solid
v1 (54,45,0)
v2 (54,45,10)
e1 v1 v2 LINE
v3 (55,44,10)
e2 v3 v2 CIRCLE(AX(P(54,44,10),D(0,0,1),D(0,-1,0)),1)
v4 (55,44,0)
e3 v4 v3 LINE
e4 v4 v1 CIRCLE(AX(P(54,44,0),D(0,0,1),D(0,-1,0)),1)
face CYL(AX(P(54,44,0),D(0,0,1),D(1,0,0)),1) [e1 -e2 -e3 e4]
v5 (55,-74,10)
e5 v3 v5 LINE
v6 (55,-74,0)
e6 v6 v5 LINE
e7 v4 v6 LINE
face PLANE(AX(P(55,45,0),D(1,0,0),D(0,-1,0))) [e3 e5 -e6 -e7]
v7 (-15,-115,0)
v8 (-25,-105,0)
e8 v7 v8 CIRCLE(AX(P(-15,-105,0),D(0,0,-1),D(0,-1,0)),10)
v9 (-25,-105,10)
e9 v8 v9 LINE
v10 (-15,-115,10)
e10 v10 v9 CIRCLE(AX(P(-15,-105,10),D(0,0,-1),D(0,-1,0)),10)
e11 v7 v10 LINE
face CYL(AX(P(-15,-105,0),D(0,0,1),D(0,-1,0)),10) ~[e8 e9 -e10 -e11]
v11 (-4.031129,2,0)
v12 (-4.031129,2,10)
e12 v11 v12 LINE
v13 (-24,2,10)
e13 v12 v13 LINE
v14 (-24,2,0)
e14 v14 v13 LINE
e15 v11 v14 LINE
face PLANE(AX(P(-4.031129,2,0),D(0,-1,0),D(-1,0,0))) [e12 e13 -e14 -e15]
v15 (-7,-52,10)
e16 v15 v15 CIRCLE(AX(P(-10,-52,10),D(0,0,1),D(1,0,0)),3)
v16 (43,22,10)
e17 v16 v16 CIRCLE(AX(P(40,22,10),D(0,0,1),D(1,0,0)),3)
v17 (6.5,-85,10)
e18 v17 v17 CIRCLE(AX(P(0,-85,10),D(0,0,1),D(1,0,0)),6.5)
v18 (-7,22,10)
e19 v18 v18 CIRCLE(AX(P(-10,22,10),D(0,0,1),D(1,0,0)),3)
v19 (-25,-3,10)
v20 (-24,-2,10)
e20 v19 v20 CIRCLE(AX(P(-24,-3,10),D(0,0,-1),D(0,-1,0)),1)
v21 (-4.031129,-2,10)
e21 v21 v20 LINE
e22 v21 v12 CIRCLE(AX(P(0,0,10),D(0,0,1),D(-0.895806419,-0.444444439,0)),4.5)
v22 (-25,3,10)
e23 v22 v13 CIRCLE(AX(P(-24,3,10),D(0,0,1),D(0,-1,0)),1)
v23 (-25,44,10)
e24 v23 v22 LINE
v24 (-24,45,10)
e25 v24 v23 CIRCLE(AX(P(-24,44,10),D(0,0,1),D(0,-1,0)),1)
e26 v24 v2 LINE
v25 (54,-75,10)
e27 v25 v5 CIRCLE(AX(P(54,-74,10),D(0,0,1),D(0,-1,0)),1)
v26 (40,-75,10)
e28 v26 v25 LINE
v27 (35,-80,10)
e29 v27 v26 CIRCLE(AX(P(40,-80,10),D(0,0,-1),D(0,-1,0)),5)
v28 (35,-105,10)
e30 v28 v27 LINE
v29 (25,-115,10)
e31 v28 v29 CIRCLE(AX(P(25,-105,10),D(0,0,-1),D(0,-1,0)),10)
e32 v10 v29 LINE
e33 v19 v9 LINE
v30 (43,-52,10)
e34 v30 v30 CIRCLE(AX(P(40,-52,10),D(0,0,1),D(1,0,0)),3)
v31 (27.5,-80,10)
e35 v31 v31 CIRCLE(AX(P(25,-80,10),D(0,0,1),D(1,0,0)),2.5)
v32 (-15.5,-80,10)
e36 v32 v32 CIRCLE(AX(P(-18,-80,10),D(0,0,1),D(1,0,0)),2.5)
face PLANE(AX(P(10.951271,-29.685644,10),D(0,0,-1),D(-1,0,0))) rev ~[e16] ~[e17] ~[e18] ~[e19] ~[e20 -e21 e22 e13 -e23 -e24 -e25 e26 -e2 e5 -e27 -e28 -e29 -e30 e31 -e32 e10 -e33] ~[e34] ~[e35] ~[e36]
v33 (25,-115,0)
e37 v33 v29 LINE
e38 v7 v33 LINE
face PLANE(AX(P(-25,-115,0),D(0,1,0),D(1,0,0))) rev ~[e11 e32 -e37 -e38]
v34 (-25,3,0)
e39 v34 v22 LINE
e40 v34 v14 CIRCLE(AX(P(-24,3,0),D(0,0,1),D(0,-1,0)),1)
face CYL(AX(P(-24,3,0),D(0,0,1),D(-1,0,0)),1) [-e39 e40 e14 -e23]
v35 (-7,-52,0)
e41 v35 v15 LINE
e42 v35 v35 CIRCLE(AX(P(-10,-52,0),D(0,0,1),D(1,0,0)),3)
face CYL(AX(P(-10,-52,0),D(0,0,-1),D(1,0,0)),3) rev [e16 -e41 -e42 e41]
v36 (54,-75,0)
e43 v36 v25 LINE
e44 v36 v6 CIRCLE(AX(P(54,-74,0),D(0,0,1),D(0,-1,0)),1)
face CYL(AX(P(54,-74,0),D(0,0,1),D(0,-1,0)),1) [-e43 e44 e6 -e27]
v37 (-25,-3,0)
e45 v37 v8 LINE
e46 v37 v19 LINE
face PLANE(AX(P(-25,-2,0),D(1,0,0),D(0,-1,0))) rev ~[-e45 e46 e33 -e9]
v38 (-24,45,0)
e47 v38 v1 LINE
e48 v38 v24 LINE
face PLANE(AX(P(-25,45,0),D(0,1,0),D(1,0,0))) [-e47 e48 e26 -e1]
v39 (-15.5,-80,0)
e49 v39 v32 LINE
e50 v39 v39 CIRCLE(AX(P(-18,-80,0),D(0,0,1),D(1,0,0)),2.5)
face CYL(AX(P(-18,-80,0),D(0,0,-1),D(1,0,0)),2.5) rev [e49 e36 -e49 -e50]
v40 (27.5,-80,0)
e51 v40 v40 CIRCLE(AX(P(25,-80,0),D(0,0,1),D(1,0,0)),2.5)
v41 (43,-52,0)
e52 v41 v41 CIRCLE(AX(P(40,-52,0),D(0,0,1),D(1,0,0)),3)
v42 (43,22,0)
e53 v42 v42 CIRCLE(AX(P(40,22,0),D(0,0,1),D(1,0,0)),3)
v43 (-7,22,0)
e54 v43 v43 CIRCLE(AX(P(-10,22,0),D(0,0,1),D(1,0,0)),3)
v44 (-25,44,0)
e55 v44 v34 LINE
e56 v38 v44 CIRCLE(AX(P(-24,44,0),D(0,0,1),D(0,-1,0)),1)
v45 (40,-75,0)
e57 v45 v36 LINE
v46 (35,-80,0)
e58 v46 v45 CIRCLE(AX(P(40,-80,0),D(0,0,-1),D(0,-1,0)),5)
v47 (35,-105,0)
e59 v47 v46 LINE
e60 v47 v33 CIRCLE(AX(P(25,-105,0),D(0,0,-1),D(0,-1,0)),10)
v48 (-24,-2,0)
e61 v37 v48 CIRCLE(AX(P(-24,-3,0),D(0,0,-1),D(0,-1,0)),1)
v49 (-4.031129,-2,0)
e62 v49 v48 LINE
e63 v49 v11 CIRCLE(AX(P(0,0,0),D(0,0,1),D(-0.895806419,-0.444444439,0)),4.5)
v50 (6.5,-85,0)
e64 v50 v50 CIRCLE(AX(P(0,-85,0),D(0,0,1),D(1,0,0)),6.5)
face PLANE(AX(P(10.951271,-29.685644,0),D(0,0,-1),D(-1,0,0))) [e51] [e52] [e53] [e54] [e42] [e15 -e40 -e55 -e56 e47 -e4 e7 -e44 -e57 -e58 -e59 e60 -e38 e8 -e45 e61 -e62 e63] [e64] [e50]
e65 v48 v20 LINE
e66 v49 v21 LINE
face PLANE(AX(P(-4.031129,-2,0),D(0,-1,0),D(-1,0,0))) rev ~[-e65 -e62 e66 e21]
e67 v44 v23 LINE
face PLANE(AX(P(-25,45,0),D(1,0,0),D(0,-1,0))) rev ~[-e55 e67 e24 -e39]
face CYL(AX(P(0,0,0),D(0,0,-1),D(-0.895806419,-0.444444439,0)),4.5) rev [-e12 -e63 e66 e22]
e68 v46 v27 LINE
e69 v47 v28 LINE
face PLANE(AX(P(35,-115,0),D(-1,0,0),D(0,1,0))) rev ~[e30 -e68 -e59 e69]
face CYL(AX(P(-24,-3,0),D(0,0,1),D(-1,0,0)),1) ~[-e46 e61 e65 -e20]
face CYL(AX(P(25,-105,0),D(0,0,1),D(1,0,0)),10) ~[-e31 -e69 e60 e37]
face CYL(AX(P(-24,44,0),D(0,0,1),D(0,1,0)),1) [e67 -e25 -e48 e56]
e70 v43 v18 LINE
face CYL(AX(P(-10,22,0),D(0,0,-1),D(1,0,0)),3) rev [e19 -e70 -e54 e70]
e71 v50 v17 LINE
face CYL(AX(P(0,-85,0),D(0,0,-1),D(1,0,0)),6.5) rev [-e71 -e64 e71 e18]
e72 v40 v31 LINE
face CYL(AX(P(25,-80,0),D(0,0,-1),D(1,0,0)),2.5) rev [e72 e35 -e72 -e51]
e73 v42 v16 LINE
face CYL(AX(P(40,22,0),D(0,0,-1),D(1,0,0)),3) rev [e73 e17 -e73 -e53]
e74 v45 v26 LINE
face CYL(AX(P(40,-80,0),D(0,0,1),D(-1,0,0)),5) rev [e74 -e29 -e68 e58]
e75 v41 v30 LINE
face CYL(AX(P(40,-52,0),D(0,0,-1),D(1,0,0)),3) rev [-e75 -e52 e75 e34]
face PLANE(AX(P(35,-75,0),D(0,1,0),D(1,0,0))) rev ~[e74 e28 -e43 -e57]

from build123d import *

# Parameters (mm, degrees)
SKETCH_R    = 3
SKETCH_R_2  = 2.5
SKETCH_R_3  = 6.5
PAD_DEPTH   = 10
FILLET_R    = 5
FILLET001_R = 1
FILLET002_R = 10


with BuildPart() as part:
    # Sketch → Pad (new body)
    with BuildSketch(Plane.XY):
        with BuildLine():
            ThreePointArc((-4.031129, -2), (4.5, 0), (-4.031129, 2))
            Line((-4.031129, 2), (-25, 2))
            Line((-25, 45), (-25, 2))
            Line((-25, 45), (55, 45))
            Line((55, 45), (55, -75))
            Line((35, -75), (55, -75))
            Line((35, -115), (35, -75))
            Line((-25, -115), (35, -115))
            Line((-25, -2), (-25, -115))
            Line((-4.031129, -2), (-25, -2))
        make_face()
        with Locations((-10, -52)):
            Circle(SKETCH_R, mode=Mode.SUBTRACT)
        with Locations((40, -52)):
            Circle(SKETCH_R, mode=Mode.SUBTRACT)
        with Locations((40, 22)):
            Circle(SKETCH_R, mode=Mode.SUBTRACT)
        with Locations((-10, 22)):
            Circle(SKETCH_R, mode=Mode.SUBTRACT)
        with Locations((25, -80)):
            Circle(SKETCH_R_2, mode=Mode.SUBTRACT)
        with Locations((-18, -80)):
            Circle(SKETCH_R_2, mode=Mode.SUBTRACT)
        with Locations((0, -85)):
            Circle(SKETCH_R_3, mode=Mode.SUBTRACT)
    extrude(amount=PAD_DEPTH)

    # Fillet
    fillet_edges = [part.edges().sort_by_distance(p)[0] for p in [
        (35, -75, 5),
    ]]
    fillet(fillet_edges, radius=FILLET_R)

    # Fillet001
    fillet001_edges = [part.edges().sort_by_distance(p)[0] for p in [
        (55, -75, 5),
        (55, 45, 5),
        (-25, 2, 5),
        (-25, -2, 5),
        (-25, 45, 5),
    ]]
    fillet(fillet001_edges, radius=FILLET001_R)

    # Fillet002
    fillet002_edges = [part.edges().sort_by_distance(p)[0] for p in [
        (-25, -115, 5),
        (35, -115, 5),
    ]]
    fillet(fillet002_edges, radius=FILLET002_R)


solid = part.part
